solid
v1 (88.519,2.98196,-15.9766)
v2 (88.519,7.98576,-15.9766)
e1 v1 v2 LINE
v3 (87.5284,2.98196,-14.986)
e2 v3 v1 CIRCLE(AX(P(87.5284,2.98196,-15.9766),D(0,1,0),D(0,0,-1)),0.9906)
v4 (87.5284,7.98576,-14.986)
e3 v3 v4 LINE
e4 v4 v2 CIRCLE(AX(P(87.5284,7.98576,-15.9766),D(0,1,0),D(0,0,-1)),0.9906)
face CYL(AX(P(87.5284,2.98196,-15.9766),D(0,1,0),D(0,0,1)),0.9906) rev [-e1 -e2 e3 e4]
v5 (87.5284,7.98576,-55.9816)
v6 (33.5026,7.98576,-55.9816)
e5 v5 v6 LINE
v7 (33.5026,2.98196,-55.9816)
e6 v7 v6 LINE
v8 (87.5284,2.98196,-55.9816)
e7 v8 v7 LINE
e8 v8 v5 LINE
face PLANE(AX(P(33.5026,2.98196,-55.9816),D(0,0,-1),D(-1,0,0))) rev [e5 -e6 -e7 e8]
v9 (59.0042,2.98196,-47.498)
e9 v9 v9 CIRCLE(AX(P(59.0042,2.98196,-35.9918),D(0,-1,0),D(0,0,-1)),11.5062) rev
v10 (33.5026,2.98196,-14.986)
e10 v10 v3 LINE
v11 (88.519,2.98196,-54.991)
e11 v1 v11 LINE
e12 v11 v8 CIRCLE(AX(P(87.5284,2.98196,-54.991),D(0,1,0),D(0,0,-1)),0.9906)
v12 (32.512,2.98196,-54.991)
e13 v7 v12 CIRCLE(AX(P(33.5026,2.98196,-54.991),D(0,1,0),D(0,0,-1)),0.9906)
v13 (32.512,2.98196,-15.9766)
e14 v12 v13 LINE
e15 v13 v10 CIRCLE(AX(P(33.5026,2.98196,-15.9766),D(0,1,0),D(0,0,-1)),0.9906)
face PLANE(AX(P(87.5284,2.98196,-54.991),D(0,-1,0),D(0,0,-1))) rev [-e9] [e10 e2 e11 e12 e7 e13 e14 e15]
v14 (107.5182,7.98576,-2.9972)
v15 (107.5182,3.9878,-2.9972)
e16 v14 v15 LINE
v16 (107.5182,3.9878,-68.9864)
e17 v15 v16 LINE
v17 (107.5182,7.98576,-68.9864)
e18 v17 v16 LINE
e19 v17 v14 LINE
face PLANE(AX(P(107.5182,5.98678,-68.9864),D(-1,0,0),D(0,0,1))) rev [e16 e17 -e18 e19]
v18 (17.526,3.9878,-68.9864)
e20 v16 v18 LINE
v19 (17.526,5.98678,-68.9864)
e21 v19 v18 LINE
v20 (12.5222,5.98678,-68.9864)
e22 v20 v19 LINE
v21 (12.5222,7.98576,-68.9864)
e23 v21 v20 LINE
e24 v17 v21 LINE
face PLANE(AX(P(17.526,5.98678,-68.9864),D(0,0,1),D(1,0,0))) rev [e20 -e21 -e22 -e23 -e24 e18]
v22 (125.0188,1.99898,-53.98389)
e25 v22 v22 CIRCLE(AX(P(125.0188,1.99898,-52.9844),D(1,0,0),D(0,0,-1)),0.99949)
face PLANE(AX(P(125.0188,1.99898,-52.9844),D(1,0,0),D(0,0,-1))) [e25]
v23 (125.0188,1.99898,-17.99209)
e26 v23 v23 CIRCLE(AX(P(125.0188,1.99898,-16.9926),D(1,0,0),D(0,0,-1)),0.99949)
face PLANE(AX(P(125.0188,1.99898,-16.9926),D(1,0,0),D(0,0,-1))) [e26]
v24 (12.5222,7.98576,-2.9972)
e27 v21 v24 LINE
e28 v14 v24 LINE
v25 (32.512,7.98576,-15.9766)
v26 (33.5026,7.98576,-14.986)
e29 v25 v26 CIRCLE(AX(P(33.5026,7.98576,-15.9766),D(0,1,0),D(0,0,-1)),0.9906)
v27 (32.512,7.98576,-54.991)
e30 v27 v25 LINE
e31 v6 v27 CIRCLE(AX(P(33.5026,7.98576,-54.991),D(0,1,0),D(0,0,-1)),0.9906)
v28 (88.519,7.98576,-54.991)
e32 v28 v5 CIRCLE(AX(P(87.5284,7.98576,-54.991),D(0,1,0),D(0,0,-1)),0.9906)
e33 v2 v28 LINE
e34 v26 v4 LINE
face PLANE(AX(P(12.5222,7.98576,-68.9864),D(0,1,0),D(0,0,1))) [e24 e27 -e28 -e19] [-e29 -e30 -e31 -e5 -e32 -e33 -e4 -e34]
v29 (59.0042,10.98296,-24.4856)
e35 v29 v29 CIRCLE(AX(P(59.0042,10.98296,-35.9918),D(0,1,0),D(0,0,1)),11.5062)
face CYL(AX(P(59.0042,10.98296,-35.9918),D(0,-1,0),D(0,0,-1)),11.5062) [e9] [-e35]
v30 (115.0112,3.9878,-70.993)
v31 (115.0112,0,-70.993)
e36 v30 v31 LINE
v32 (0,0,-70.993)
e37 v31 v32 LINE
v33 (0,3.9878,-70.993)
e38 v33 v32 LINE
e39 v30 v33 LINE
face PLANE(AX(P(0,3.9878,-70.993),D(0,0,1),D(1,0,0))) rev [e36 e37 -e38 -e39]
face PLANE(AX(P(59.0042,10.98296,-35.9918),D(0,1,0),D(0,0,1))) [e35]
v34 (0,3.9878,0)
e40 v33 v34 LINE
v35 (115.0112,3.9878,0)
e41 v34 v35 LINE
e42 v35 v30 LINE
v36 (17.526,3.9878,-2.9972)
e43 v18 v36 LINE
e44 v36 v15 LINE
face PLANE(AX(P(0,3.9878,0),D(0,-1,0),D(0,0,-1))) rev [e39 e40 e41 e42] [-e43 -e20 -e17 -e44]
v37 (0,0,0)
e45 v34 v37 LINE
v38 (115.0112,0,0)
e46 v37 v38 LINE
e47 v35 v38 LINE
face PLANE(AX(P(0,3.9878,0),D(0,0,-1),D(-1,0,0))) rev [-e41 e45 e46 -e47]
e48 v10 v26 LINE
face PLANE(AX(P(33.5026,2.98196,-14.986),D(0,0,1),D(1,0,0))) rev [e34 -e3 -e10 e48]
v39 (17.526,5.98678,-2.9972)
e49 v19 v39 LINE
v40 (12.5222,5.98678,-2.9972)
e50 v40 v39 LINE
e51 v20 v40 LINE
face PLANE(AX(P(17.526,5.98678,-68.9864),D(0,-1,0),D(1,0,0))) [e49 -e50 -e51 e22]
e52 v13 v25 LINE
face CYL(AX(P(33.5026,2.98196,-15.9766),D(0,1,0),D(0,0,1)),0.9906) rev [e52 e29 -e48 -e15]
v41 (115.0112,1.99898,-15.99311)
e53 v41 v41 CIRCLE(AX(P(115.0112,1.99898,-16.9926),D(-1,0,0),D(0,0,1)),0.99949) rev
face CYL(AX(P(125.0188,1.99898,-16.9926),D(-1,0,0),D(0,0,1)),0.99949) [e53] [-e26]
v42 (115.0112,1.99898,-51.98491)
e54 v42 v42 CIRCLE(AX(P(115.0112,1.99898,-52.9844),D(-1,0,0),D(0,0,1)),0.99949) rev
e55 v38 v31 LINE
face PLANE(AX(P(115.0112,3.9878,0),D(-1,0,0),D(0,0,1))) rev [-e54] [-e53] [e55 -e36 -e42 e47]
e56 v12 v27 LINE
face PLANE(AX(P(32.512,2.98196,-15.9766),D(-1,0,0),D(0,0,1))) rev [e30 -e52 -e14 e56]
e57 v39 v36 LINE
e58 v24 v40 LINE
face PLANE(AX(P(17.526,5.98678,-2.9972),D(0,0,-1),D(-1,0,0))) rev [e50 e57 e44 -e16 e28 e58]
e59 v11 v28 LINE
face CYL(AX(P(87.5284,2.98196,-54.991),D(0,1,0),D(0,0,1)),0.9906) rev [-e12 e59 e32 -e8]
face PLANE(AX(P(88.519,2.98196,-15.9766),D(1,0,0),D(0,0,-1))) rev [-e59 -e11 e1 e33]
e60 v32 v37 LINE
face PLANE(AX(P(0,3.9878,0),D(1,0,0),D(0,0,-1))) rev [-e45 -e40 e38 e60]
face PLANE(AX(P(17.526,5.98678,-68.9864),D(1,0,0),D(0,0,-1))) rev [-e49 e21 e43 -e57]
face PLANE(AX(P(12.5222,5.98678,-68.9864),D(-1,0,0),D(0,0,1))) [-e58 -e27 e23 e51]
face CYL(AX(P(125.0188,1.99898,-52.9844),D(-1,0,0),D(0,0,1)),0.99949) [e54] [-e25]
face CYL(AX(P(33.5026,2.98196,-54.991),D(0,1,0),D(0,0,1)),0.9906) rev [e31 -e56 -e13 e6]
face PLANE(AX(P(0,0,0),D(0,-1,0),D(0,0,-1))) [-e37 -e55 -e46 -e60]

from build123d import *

# Parameters (mm, degrees)
SKETCH1_W           = 115.0112
SKETCH1_H           = 70.993
BOSS_EXTRUDE1_DEPTH = 3.9878
SKETCH2_W           = 89.9922
SKETCH2_H           = 65.9892
BOSS_EXTRUDE2_DEPTH = 1.99898
BOSS_EXTRUDE3_DEPTH = 65.9892
CUT_EXTRUDE1_DEPTH  = 5.0038
SKETCH5_R           = 11.5062
BOSS_EXTRUDE4_DEPTH = 8.001
SKETCH6_R           = 0.99949
BOSS_EXTRUDE5_DEPTH = 10.0076


with BuildPart() as part:
    # Sketch1 → Boss-Extrude1 (new body)
    with BuildSketch(Plane(origin=(0, 0, 0), x_dir=(1, 0, 0), z_dir=(0, 1, 0))):
        with Locations((57.5056, 35.4965)):
            Rectangle(SKETCH1_W, SKETCH1_H)
    extrude(amount=BOSS_EXTRUDE1_DEPTH)

    # Sketch2 → Boss-Extrude2 (add)
    with BuildSketch(Plane(origin=(0, 3.9878, 0), x_dir=(1, 0, 0), z_dir=(0, 1, 0))):
        with Locations((62.5221, 35.9918)):
            Rectangle(SKETCH2_W, SKETCH2_H)
    extrude(amount=BOSS_EXTRUDE2_DEPTH)

    # Sketch3 → Boss-Extrude3 (add)
    with BuildSketch(Plane.XY.offset(-2.9972)):
        Polygon((17.526, 5.98678), (12.5222, 5.98678), (12.5222, 7.98576), (107.5182, 7.98576), (107.5182, 5.98678), align=None)
    extrude(amount=-BOSS_EXTRUDE3_DEPTH)

    # Sketch4 → Cut-Extrude1 (cut)
    with BuildSketch(Plane(origin=(0, 7.98576, 0), x_dir=(1, 0, 0), z_dir=(0, 1, 0))):
        with BuildLine():
            Line((33.5026, 14.986), (87.5284, 14.986))
            ThreePointArc((87.5284, 14.986), (88.228859977, 15.276140023), (88.519, 15.9766))
            Line((88.519, 15.9766), (88.519, 54.991))
            ThreePointArc((88.519, 54.991), (88.228859977, 55.691459977), (87.5284, 55.9816))
            Line((87.5284, 55.9816), (33.5026, 55.9816))
            ThreePointArc((33.5026, 55.9816), (32.802140023, 55.691459977), (32.512, 54.991))
            Line((32.512, 54.991), (32.512, 15.9766))
            ThreePointArc((32.512, 15.9766), (32.802140023, 15.276140023), (33.5026, 14.986))
        make_face()
    extrude(amount=-CUT_EXTRUDE1_DEPTH, mode=Mode.SUBTRACT)

    # Sketch5 → Boss-Extrude4 (add)
    with BuildSketch(Plane(origin=(0, 2.98196, 0), x_dir=(1, 0, 0), z_dir=(0, 1, 0))):
        with Locations((59.0042, 35.9918)):
            Circle(SKETCH5_R)
    extrude(amount=BOSS_EXTRUDE4_DEPTH)

    # Sketch6 → Boss-Extrude5 (add)
    with BuildSketch(Plane(origin=(115.0112, 0, 0), x_dir=(0, 0, -1), z_dir=(1, 0, 0))):
        with Locations((16.9926, 1.99898)):
            Circle(SKETCH6_R)
        with Locations((52.9844, 1.99898)):
            Circle(SKETCH6_R)
    extrude(amount=BOSS_EXTRUDE5_DEPTH)


solid = part.part
